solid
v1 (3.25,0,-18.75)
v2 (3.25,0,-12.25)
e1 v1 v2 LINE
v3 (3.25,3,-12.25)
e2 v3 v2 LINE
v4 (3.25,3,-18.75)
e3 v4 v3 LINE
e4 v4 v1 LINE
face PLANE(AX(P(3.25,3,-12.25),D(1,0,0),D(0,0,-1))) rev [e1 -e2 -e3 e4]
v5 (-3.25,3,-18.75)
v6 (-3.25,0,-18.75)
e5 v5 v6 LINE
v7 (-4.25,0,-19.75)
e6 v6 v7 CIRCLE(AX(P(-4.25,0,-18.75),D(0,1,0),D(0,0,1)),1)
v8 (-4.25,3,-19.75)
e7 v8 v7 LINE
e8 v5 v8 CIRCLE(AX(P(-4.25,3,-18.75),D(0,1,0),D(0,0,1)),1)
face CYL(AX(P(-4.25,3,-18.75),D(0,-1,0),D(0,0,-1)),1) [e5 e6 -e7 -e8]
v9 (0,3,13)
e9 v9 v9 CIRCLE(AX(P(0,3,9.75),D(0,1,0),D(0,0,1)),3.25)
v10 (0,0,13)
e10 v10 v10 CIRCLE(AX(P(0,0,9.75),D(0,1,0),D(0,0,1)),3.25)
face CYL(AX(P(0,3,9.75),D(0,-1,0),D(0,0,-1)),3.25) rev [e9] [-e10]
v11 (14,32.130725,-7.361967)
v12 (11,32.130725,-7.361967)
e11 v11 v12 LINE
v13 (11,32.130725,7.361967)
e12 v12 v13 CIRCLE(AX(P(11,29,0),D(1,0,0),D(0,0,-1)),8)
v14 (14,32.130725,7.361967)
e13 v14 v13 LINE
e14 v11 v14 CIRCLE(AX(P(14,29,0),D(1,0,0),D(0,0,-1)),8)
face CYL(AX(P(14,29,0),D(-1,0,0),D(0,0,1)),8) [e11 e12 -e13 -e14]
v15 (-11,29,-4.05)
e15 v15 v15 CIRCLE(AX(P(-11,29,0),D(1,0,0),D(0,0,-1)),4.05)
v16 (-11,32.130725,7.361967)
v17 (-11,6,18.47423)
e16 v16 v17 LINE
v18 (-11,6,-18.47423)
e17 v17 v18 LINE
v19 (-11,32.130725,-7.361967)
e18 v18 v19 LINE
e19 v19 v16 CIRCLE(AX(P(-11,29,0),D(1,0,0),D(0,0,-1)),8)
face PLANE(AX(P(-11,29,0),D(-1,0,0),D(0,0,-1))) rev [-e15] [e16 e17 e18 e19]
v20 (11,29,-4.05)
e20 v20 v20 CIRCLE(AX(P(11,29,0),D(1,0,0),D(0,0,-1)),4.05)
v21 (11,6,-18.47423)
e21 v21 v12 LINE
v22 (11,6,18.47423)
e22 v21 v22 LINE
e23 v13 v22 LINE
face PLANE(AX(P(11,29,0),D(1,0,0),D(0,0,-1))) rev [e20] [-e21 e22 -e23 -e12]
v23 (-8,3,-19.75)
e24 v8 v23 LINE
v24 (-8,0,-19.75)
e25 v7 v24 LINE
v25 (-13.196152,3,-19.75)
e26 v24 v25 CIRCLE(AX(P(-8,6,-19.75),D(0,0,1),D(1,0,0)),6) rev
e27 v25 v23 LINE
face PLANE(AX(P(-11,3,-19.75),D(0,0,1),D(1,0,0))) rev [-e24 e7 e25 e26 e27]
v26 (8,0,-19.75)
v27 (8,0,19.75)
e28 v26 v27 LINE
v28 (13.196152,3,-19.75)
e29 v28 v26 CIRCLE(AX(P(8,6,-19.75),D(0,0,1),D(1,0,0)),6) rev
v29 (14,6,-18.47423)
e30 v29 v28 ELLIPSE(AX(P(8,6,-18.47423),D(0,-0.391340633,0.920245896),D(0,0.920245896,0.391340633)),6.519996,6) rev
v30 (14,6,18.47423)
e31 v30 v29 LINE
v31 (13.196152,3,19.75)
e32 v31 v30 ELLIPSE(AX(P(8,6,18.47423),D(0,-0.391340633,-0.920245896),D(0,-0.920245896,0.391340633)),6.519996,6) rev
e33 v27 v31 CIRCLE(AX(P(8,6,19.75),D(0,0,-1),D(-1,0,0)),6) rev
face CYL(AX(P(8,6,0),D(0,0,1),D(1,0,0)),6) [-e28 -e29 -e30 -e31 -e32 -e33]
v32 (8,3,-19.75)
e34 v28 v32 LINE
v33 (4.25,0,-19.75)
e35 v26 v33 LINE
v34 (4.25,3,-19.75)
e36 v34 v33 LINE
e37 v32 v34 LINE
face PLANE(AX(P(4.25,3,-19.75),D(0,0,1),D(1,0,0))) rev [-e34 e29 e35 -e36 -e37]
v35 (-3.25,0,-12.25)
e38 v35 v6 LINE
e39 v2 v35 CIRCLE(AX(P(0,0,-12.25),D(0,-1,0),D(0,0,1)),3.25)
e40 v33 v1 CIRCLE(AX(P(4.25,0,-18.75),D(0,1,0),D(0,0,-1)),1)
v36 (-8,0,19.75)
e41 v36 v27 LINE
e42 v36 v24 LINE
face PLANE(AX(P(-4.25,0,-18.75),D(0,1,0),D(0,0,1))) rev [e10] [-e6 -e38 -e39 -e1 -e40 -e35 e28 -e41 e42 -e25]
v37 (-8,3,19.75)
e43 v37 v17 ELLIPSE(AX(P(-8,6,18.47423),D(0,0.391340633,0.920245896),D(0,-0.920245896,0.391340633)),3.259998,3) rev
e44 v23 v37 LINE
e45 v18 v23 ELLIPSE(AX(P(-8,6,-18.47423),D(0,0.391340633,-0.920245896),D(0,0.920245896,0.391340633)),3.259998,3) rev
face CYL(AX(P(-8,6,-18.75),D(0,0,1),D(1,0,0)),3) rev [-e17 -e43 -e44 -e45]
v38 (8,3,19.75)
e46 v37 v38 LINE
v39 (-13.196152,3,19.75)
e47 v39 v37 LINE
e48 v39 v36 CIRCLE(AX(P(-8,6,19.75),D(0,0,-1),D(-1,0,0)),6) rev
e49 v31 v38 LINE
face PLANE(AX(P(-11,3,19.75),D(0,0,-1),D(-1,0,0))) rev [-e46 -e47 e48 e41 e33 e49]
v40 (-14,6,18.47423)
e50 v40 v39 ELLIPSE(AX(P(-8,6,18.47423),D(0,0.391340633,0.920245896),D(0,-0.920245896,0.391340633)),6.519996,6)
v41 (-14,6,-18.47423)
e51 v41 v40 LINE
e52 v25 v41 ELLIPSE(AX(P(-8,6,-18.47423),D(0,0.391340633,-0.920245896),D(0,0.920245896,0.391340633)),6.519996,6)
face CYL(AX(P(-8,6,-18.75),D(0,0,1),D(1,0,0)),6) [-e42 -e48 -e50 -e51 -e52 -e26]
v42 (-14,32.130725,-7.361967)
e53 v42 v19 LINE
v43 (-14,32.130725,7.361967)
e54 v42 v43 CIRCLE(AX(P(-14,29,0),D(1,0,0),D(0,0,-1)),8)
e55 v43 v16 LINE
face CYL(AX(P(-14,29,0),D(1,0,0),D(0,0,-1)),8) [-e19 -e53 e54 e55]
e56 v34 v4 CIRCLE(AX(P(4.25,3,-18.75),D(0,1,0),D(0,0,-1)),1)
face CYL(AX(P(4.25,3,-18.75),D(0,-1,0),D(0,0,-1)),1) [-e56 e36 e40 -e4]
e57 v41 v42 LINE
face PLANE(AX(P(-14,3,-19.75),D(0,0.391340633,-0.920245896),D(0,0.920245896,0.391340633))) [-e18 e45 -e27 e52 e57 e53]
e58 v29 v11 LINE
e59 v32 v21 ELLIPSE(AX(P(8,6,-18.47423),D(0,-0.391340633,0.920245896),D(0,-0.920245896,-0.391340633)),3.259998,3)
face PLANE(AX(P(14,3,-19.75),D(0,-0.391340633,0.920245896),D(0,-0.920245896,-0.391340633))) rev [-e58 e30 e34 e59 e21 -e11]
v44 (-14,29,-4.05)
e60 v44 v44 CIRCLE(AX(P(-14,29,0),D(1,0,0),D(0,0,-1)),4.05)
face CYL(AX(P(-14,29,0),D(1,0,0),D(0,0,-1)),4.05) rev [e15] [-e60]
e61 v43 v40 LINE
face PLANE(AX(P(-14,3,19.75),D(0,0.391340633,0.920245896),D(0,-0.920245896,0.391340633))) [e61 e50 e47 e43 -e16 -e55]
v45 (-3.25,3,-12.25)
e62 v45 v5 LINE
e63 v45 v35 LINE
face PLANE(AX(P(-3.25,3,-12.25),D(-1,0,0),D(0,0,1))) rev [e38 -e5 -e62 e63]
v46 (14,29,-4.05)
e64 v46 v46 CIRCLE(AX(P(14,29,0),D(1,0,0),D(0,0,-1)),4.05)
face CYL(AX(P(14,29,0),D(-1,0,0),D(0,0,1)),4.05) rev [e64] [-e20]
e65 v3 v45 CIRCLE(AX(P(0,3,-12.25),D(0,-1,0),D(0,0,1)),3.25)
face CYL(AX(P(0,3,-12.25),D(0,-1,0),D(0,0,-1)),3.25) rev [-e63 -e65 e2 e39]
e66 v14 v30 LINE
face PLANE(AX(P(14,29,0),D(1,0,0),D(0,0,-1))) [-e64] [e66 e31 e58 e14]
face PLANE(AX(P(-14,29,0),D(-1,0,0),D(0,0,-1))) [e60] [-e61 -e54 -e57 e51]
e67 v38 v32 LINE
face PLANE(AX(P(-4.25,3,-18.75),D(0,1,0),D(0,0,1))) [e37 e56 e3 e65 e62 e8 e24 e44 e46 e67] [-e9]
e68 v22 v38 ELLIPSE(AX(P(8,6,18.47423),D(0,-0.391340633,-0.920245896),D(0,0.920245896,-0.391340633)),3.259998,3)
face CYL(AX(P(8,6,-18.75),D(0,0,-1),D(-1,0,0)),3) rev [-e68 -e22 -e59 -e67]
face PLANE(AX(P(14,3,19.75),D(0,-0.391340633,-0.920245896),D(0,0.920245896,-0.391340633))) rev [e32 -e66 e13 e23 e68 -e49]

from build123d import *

# Parameters (mm, degrees)
SKETCH1_R           = 3.25
BOSS_EXTRUDE1_DEPTH = 3
SKETCH2_R           = 4.05
BOSS_EXTRUDE2_DEPTH = 3
FILLET1_R           = 6
FILLET2_R           = 3


with BuildPart() as part:
    # Sketch1 → Boss-Extrude1 (new body)
    with BuildSketch(Plane(origin=(0, 0, 0), x_dir=(1, 0, 0), z_dir=(0, 1, 0))):
        with BuildLine():
            Line((-11, -19.75), (11, -19.75))
            Line((11, -19.75), (11, 19.75))
            Line((11, 19.75), (4.25, 19.75))
            ThreePointArc((4.25, 19.75), (3.542893219, 19.457106781), (3.25, 18.75))
            Line((3.25, 18.75), (3.25, 12.25))
            ThreePointArc((3.25, 12.25), (0, 9), (-3.25, 12.25))
            Line((-3.25, 12.25), (-3.25, 18.75))
            ThreePointArc((-3.25, 18.75), (-3.542893219, 19.457106781), (-4.25, 19.75))
            Line((-4.25, 19.75), (-11, 19.75))
            Line((-11, 19.75), (-11, -19.75))
        make_face()
        with Locations(Location((0, -9.75, 0), (0, 0, 270))):
            Circle(SKETCH1_R, mode=Mode.SUBTRACT)
    extrude(amount=BOSS_EXTRUDE1_DEPTH)

    # Sketch2 → Boss-Extrude2 (add)
    with BuildSketch(Plane(origin=(11, 0, 0), x_dir=(0, 0, -1), z_dir=(1, 0, 0))):
        with BuildLine():
            Line((-19.75, 3), (-7.361967169, 32.130725061))
            ThreePointArc((-7.361967169, 32.130725061), (0, 37), (7.361967169, 32.130725061))
            Line((7.361967169, 32.130725061), (19.75, 3))
            Line((19.75, 3), (19.75, 0))
            Line((19.75, 0), (-19.75, 0))
            Line((-19.75, 0), (-19.75, 3))
        make_face()
        with Locations((0, 29)):
            Circle(SKETCH2_R, mode=Mode.SUBTRACT)
    boss_extrude2 = extrude(amount=BOSS_EXTRUDE2_DEPTH)

    # Mirror1: Boss-Extrude2 across plane
    add(boss_extrude2.mirror(Plane(origin=(0, 0, 0), x_dir=(0, 0, 1), z_dir=(1, 0, 0))))

    # Fillet1
    fillet1_edges = [part.edges().sort_by_distance(p)[0] for p in [
        (-14, 0, 0),
        (14, 0, 0),
    ]]
    fillet(fillet1_edges, radius=FILLET1_R)

    # Fillet2
    fillet2_edges = [part.edges().sort_by_distance(p)[0] for p in [
        (-11, 3, 0),
        (11, 3, 0),
    ]]
    fillet(fillet2_edges, radius=FILLET2_R)


solid = part.part
